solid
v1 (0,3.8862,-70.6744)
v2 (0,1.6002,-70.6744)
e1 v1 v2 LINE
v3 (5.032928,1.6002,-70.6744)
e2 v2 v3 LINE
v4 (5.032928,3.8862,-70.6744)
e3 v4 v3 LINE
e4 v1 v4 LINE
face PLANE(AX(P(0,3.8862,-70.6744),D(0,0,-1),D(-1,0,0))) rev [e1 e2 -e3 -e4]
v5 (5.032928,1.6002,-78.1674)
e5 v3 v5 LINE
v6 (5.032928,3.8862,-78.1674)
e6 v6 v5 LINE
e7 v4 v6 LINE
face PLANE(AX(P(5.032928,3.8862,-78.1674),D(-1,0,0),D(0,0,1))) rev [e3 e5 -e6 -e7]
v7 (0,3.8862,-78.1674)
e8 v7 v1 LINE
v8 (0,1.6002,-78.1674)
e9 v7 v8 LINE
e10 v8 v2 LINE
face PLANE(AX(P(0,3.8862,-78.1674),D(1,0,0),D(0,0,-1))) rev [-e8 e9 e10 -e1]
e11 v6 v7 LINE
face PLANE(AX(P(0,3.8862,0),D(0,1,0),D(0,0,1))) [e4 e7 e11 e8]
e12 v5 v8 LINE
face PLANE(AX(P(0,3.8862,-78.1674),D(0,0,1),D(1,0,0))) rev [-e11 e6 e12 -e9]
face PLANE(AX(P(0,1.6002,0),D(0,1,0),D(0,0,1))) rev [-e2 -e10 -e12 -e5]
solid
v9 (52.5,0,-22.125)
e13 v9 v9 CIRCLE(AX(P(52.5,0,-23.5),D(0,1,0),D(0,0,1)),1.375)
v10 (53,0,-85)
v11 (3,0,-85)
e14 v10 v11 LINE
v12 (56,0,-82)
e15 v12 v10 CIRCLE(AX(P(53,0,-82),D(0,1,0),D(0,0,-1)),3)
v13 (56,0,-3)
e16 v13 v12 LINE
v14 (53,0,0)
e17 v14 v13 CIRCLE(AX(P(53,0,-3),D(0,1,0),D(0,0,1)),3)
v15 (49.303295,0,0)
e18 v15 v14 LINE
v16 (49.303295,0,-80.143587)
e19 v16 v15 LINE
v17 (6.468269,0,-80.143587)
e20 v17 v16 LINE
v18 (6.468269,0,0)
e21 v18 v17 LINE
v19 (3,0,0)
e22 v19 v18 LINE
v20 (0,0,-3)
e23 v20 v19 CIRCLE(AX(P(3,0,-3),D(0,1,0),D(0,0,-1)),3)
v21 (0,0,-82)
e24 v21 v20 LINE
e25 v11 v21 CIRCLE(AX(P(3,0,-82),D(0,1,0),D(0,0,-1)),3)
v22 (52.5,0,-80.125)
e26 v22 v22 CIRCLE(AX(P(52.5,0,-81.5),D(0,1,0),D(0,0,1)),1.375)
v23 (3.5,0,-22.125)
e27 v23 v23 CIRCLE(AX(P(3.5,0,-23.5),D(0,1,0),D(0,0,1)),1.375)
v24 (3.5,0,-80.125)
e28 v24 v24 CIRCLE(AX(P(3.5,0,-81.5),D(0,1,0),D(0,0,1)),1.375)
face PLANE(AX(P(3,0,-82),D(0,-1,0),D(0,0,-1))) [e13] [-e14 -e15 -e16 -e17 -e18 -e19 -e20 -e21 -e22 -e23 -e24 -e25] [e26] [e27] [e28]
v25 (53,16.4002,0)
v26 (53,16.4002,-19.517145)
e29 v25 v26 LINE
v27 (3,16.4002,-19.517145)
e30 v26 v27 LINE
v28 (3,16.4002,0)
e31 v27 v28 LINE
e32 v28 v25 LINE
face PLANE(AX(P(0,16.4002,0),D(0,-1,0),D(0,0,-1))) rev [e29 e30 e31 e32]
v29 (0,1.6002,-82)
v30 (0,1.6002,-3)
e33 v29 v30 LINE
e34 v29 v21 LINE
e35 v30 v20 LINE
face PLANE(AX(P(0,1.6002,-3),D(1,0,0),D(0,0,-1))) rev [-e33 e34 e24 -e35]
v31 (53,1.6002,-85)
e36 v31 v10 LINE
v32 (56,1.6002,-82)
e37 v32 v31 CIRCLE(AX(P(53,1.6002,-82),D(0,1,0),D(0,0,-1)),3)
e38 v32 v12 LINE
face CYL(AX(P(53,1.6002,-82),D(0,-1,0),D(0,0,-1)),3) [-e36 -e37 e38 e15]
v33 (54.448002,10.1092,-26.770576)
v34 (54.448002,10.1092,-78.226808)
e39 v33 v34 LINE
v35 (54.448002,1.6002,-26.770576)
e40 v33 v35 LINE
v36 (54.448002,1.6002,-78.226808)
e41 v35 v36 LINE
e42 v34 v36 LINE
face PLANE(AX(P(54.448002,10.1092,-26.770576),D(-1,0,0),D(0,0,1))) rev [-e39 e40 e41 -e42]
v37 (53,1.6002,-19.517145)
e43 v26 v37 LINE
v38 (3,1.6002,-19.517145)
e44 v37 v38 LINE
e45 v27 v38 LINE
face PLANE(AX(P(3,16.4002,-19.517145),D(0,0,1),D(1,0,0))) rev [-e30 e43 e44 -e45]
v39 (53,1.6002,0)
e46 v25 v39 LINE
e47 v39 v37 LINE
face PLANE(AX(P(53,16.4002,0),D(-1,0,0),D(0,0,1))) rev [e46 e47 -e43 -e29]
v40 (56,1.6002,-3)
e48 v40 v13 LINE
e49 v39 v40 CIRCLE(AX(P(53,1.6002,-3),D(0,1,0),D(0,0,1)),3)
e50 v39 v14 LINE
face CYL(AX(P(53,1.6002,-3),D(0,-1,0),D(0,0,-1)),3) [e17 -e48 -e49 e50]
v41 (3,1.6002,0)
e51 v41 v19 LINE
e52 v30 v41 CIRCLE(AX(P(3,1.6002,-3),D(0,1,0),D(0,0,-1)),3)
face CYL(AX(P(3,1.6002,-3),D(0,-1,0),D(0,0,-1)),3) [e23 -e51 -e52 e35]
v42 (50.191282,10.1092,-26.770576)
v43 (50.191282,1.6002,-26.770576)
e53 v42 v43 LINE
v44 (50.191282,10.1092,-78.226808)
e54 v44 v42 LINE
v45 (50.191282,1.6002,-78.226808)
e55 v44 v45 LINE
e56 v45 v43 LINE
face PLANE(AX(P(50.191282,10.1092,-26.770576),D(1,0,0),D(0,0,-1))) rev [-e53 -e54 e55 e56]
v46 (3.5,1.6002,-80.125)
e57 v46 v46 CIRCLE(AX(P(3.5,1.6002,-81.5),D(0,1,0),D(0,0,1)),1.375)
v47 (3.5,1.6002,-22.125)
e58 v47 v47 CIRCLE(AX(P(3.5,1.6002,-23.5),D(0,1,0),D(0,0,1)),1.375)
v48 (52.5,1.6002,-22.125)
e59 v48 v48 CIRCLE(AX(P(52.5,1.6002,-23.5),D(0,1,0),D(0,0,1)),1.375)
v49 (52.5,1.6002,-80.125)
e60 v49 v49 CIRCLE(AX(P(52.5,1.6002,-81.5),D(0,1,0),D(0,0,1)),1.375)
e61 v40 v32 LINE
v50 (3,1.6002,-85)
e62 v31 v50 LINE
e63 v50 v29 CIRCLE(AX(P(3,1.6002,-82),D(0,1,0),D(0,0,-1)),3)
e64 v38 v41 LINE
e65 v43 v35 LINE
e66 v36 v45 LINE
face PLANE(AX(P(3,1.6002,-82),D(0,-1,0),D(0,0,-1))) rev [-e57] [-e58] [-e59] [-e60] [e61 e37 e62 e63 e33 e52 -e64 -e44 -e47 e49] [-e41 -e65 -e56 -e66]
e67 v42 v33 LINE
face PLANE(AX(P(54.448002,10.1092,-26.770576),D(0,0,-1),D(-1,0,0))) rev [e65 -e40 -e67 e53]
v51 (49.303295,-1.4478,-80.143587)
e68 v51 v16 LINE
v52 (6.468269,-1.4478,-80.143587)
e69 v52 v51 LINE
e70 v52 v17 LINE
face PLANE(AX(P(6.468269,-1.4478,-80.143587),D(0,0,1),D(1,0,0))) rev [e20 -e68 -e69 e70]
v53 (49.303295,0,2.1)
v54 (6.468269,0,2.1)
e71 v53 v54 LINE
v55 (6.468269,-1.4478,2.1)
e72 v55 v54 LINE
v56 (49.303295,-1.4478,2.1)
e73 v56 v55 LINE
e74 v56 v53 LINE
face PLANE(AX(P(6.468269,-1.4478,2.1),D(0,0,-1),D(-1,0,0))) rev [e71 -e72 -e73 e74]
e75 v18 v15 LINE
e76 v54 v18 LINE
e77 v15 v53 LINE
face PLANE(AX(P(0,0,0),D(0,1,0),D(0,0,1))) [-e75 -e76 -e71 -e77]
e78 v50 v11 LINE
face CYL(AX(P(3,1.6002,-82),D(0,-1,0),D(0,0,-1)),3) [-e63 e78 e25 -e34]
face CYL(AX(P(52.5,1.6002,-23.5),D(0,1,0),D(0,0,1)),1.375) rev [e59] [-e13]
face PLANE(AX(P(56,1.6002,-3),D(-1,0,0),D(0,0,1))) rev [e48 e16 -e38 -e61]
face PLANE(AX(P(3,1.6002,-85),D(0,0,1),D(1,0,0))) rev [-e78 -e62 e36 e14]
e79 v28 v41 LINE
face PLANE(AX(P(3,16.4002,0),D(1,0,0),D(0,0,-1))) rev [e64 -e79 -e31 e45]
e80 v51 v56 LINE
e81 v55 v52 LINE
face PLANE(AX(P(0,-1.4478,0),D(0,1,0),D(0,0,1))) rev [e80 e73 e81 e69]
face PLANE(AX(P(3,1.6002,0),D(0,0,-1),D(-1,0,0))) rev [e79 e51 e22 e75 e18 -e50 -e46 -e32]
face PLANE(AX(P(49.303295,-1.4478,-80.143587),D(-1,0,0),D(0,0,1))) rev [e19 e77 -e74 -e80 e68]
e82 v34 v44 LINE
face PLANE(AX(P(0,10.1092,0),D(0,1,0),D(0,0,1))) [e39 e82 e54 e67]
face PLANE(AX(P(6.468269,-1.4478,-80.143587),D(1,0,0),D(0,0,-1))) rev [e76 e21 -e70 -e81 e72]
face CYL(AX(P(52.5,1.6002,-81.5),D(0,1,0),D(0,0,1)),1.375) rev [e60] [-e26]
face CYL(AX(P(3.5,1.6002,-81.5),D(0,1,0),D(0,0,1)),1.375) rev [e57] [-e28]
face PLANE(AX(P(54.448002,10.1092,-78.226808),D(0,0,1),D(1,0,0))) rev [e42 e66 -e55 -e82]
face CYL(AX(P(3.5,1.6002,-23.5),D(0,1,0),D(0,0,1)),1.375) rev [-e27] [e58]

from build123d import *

# Parameters (mm, degrees)
BOSS_EXTRUDE1_DEPTH        = 1.6002
F_2_7_2_7_DIAMETER_HOLE1_D = 2.75
SKETCH4_W                  = 50
SKETCH4_H                  = 19.517145321
BOSS_EXTRUDE2_DEPTH        = 14.8
SKETCH5_W                  = 42.835025658
SKETCH5_H                  = 82.243586595
BOSS_EXTRUDE3_DEPTH        = 1.4478
SKETCH6_W                  = 5.032927575
SKETCH6_H                  = 7.493
BOSS_EXTRUDE4_DEPTH        = 2.286
SKETCH7_W                  = 4.25671985
SKETCH7_H                  = 51.456231134
BOSS_EXTRUDE5_DEPTH        = 8.509


with BuildPart() as part:
    # Sketch1 → Boss-Extrude1 (new body)
    with BuildSketch(Plane(origin=(0, 0, 0), x_dir=(1, 0, 0), z_dir=(0, 1, 0))):
        with BuildLine():
            Line((3, 0), (53, 0))
            ThreePointArc((53, 0), (55.121320344, 0.878679656), (56, 3))
            Line((56, 3), (56, 82))
            ThreePointArc((56, 82), (55.121320344, 84.121320344), (53, 85))
            Line((53, 85), (3, 85))
            ThreePointArc((3, 85), (0.878679656, 84.121320344), (0, 82))
            Line((0, 82), (0, 3))
            ThreePointArc((0, 3), (0.878679656, 0.878679656), (3, 0))
        make_face()
    extrude(amount=BOSS_EXTRUDE1_DEPTH)

    # Ø2.7 (2.7) Diameter Hole1 (through all)
    with Locations(Plane(origin=(0, 1.6002, 0), x_dir=(1, 0, 0), z_dir=(0, 1, 0))):
        with Locations((3.5, 81.5), (3.5, 23.5), (52.5, 81.5), (52.5, 23.5)):
            Hole(F_2_7_2_7_DIAMETER_HOLE1_D / 2)

    # Sketch4 → Boss-Extrude2 (add)
    with BuildSketch(Plane(origin=(0, 1.6002, 0), x_dir=(1, 0, 0), z_dir=(0, 1, 0))):
        with Locations((28, 9.758572661)):
            Rectangle(SKETCH4_W, SKETCH4_H)
    extrude(amount=BOSS_EXTRUDE2_DEPTH)

    # Sketch5 → Boss-Extrude3 (add)
    with BuildSketch(Plane.XZ):
        with Locations((27.885782236, -39.021793298)):
            Rectangle(SKETCH5_W, SKETCH5_H)
    extrude(amount=BOSS_EXTRUDE3_DEPTH)

    # Sketch7 → Boss-Extrude5 (add)
    with BuildSketch(Plane(origin=(0, 1.6002, 0), x_dir=(1, 0, 0), z_dir=(0, 1, 0))):
        with Locations((52.319642087, 52.498691965)):
            Rectangle(SKETCH7_W, SKETCH7_H)
    extrude(amount=BOSS_EXTRUDE5_DEPTH)


with BuildPart() as body_2:
    # Sketch6 → Boss-Extrude4 (new body)
    with BuildSketch(Plane(origin=(0, 1.6002, 0), x_dir=(1, 0, 0), z_dir=(0, 1, 0))):
        with Locations((2.516463788, 74.4209)):
            Rectangle(SKETCH6_W, SKETCH6_H)
    extrude(amount=BOSS_EXTRUDE4_DEPTH)


solid = Compound([part.part, body_2.part])
